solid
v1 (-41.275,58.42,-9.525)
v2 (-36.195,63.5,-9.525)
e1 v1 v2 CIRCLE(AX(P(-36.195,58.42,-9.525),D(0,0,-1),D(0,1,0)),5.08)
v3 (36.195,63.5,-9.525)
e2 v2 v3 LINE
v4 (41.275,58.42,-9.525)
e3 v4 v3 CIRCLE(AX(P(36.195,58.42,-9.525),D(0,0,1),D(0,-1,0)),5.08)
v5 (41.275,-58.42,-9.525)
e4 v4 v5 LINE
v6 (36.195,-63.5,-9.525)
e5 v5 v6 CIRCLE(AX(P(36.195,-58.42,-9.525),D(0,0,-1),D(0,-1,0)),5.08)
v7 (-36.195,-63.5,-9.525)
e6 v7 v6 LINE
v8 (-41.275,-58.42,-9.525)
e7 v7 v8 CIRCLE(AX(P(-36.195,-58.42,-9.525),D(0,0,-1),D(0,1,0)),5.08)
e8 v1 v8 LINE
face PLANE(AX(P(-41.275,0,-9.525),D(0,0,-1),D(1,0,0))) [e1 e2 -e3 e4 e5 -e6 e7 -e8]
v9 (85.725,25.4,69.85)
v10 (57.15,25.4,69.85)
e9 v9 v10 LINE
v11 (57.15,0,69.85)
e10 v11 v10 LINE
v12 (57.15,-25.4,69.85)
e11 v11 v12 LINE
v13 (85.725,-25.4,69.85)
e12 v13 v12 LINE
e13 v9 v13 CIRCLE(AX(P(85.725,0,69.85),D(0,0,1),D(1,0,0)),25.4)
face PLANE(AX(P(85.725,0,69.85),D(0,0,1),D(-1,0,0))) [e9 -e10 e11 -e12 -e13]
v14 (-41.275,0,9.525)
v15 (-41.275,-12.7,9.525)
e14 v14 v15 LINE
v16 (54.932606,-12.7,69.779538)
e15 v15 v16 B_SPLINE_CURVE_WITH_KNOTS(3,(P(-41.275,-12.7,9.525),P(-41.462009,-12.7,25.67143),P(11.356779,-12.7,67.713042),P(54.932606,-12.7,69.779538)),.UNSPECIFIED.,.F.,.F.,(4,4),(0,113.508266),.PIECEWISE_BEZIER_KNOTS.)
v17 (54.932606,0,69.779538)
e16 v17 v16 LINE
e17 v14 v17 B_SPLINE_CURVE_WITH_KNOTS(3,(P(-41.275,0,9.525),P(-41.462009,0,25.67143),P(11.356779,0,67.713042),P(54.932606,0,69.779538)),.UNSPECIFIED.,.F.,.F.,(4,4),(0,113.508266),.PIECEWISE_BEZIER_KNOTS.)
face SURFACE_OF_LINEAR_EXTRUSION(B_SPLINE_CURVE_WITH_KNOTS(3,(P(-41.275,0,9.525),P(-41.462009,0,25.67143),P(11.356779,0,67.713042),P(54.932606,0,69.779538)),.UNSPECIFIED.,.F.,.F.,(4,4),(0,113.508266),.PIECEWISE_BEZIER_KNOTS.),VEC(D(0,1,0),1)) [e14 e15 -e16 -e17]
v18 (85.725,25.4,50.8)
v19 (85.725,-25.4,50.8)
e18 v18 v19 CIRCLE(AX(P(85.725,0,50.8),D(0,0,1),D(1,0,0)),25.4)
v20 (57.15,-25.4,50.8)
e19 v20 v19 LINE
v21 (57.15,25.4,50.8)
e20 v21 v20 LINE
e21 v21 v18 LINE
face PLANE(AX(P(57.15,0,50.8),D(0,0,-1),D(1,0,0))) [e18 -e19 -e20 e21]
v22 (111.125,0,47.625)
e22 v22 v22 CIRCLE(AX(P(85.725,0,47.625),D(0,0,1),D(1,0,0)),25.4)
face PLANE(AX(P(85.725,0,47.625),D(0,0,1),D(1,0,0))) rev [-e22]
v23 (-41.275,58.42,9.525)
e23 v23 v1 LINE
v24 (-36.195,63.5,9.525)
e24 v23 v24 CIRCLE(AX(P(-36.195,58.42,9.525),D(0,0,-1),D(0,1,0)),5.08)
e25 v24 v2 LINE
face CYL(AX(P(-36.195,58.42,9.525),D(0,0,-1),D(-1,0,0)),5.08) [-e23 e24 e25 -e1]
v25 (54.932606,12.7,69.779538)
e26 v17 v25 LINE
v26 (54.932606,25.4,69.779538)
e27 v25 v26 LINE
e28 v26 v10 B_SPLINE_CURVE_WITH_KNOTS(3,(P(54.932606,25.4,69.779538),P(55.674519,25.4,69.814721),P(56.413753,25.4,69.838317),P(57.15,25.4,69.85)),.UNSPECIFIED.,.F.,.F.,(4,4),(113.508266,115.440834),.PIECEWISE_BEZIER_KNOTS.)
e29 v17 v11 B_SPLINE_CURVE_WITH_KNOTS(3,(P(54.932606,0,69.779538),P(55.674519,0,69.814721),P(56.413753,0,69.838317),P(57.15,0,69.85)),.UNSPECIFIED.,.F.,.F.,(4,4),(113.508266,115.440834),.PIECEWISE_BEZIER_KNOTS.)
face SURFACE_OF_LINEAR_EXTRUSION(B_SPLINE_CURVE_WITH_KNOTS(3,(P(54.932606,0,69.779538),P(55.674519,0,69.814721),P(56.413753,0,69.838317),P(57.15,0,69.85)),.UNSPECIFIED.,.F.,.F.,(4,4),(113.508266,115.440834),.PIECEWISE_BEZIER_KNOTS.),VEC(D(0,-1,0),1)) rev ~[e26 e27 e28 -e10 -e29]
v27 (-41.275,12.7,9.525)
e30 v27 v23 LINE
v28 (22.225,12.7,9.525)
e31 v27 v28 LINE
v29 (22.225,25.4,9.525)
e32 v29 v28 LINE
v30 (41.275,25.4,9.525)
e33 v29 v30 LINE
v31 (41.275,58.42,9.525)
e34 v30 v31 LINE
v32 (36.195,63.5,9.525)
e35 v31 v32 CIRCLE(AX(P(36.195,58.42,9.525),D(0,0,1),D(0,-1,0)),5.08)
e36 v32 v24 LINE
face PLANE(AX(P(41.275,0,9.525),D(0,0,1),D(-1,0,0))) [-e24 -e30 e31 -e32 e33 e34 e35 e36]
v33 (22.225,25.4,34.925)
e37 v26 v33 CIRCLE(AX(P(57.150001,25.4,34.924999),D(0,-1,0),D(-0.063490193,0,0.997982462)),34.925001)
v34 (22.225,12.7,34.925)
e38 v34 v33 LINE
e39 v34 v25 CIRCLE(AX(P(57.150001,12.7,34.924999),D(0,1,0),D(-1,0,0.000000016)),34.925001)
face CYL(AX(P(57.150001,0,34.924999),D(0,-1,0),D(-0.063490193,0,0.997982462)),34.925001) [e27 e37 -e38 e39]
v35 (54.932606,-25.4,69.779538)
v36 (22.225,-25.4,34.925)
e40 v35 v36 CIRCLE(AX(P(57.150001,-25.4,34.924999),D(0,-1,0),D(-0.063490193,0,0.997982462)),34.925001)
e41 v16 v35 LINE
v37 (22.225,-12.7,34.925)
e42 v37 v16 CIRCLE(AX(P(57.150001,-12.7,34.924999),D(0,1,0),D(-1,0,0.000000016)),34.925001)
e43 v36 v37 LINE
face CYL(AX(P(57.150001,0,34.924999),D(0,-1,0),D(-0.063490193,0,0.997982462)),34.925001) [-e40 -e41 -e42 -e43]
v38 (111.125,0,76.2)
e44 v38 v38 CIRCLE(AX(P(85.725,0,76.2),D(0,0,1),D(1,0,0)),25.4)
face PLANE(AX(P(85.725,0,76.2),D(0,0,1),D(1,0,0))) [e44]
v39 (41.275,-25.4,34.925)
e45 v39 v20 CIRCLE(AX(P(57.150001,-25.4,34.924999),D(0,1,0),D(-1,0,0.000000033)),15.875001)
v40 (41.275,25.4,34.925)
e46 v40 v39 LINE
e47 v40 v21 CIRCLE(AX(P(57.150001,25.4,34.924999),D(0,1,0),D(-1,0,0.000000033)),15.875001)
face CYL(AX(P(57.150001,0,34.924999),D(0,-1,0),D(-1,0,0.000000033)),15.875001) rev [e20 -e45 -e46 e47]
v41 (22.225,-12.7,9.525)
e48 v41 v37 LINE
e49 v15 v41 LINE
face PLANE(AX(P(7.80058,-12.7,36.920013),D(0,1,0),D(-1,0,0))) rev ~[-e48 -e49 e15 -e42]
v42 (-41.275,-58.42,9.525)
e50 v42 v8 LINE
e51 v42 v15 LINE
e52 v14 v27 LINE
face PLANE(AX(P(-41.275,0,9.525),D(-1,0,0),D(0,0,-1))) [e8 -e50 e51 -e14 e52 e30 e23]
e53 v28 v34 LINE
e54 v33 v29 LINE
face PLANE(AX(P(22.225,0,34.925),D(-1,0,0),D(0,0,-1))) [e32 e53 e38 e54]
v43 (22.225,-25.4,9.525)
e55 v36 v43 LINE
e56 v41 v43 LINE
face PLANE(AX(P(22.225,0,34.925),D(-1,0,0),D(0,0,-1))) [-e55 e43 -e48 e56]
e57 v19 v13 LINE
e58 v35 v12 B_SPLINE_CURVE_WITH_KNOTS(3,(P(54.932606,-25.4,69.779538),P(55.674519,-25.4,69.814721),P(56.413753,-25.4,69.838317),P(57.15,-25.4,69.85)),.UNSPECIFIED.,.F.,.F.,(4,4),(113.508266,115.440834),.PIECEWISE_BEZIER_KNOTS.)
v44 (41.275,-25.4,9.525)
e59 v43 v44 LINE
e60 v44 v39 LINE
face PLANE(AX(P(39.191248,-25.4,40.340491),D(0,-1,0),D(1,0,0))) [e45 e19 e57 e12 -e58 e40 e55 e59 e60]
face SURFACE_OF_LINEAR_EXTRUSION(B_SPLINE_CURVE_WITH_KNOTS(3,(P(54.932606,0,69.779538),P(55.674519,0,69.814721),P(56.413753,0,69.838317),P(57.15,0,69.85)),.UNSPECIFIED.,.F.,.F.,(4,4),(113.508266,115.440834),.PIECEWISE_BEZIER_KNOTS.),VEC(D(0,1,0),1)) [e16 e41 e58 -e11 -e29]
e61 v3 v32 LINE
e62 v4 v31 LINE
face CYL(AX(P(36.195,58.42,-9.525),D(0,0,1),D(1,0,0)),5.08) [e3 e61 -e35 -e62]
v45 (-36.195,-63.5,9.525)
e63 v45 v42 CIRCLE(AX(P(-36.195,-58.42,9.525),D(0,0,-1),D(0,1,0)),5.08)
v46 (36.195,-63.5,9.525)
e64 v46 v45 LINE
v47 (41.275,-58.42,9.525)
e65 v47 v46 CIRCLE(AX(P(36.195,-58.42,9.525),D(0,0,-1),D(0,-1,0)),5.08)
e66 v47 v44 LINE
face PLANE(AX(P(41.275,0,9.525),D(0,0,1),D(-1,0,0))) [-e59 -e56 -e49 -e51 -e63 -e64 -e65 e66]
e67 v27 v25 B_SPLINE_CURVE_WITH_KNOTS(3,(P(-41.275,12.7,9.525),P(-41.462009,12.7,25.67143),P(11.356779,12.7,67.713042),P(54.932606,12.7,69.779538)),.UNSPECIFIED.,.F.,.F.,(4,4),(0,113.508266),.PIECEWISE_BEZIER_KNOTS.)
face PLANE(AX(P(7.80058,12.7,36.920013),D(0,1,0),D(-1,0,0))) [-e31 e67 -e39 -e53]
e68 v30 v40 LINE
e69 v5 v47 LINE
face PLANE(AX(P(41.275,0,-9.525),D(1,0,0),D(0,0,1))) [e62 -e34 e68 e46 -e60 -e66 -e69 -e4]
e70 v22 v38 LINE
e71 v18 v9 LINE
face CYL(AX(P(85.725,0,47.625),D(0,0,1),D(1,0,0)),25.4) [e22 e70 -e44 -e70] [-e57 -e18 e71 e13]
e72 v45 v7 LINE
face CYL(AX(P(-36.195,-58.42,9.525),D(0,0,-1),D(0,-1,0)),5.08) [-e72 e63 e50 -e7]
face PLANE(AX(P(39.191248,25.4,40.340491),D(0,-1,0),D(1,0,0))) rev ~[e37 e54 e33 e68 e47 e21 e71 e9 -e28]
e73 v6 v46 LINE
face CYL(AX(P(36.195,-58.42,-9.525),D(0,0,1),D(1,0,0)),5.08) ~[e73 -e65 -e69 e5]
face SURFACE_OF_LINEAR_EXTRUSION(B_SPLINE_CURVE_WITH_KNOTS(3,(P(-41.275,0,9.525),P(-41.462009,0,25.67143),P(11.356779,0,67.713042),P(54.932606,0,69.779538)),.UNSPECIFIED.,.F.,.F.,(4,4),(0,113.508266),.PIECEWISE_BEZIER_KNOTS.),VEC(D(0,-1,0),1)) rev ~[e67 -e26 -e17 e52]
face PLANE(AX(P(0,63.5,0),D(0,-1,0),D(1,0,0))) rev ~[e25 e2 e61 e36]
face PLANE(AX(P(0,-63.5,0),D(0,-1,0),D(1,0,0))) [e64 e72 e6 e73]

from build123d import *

# Parameters (mm, degrees)
F1_DEPTH = 63.5
F2_DEPTH = 25.4
F3_DEPTH = 12.7
F5_R     = 5.08


with BuildPart() as f1:
    # F0 (on Front) → F1 (new body, symmetric)
    with BuildSketch(Plane.XZ):
        Polygon((22.225, 9.525), (-41.275, 9.525), (-41.275, -9.525), (41.275, -9.525), (41.275, 9.525), align=None)
    extrude(amount=F1_DEPTH, both=True)

    # F0 (on Front) → F2 (join, symmetric)
    with BuildSketch(Plane.XZ):
        with BuildLine():
            Line((22.225, 34.925), (22.225, 9.525))
            Line((22.225, 9.525), (41.275, 9.525))
            Line((41.275, 9.525), (41.275, 34.925))
            ThreePointArc((41.275, 34.925), (45.92468, 46.15032), (57.15, 50.8))
            Line((57.15, 50.8), (60.325, 50.8))
            Line((60.325, 50.8), (60.325, 69.85))
            Line((60.325, 69.85), (57.15, 69.85))
            add(Edge.make_bspline(
                [(54.932606, 69.779538), (55.674519, 69.814721), (56.413753, 69.838317), (57.15, 69.85)],
                knots=[113.508266, 113.508266, 113.508266, 113.508266, 115.440834, 115.440834, 115.440834, 115.440834], degree=3))
            ThreePointArc((54.932606, 69.779538), (31.682392, 58.823882), (22.225, 34.925))
        make_face()
        Polygon((73.748745, 69.85), (60.325, 69.85), (60.325, 50.8), (73.748745, 50.8), (85.725, 50.8), (85.725, 61.9125), (85.725, 69.85), align=None)
    extrude(amount=F2_DEPTH, both=True)

    # F0 (on Front) → F3 (join, symmetric)
    with BuildSketch(Plane.XZ):
        with BuildLine():
            add(Edge.make_bspline(
                [(-41.275, 9.525), (-41.462009, 25.67143), (11.356779, 67.713042), (54.932606, 69.779538)],
                knots=[0, 0, 0, 0, 113.508266, 113.508266, 113.508266, 113.508266], degree=3))
            Line((-41.275, 9.525), (22.225, 9.525))
            Line((22.225, 9.525), (22.225, 34.925))
            ThreePointArc((22.225, 34.925), (31.682392, 58.823882), (54.932606, 69.779538))
        make_face()
    extrude(amount=F3_DEPTH, both=True)

    # F0 (on Front) → F4 (revolve)
    with BuildSketch(Plane.XZ):
        Polygon((111.125, 76.2), (85.725, 76.2), (85.725, 69.85), (85.725, 61.9125), (85.725, 50.8), (85.725, 47.625), (111.125, 47.625), align=None)
    revolve(axis=Axis((85.725, 0, 61.9125), (0, 0, 1)))

    # F5
    f5_edges = [f1.edges().sort_by_distance(p)[0] for p in [
        (-41.275, -63.5, 0),
        (41.275, -63.5, 0),
        (41.275, 63.5, 0),
        (-41.275, 63.5, 0),
    ]]
    fillet(f5_edges, radius=F5_R)


solid = f1.part
